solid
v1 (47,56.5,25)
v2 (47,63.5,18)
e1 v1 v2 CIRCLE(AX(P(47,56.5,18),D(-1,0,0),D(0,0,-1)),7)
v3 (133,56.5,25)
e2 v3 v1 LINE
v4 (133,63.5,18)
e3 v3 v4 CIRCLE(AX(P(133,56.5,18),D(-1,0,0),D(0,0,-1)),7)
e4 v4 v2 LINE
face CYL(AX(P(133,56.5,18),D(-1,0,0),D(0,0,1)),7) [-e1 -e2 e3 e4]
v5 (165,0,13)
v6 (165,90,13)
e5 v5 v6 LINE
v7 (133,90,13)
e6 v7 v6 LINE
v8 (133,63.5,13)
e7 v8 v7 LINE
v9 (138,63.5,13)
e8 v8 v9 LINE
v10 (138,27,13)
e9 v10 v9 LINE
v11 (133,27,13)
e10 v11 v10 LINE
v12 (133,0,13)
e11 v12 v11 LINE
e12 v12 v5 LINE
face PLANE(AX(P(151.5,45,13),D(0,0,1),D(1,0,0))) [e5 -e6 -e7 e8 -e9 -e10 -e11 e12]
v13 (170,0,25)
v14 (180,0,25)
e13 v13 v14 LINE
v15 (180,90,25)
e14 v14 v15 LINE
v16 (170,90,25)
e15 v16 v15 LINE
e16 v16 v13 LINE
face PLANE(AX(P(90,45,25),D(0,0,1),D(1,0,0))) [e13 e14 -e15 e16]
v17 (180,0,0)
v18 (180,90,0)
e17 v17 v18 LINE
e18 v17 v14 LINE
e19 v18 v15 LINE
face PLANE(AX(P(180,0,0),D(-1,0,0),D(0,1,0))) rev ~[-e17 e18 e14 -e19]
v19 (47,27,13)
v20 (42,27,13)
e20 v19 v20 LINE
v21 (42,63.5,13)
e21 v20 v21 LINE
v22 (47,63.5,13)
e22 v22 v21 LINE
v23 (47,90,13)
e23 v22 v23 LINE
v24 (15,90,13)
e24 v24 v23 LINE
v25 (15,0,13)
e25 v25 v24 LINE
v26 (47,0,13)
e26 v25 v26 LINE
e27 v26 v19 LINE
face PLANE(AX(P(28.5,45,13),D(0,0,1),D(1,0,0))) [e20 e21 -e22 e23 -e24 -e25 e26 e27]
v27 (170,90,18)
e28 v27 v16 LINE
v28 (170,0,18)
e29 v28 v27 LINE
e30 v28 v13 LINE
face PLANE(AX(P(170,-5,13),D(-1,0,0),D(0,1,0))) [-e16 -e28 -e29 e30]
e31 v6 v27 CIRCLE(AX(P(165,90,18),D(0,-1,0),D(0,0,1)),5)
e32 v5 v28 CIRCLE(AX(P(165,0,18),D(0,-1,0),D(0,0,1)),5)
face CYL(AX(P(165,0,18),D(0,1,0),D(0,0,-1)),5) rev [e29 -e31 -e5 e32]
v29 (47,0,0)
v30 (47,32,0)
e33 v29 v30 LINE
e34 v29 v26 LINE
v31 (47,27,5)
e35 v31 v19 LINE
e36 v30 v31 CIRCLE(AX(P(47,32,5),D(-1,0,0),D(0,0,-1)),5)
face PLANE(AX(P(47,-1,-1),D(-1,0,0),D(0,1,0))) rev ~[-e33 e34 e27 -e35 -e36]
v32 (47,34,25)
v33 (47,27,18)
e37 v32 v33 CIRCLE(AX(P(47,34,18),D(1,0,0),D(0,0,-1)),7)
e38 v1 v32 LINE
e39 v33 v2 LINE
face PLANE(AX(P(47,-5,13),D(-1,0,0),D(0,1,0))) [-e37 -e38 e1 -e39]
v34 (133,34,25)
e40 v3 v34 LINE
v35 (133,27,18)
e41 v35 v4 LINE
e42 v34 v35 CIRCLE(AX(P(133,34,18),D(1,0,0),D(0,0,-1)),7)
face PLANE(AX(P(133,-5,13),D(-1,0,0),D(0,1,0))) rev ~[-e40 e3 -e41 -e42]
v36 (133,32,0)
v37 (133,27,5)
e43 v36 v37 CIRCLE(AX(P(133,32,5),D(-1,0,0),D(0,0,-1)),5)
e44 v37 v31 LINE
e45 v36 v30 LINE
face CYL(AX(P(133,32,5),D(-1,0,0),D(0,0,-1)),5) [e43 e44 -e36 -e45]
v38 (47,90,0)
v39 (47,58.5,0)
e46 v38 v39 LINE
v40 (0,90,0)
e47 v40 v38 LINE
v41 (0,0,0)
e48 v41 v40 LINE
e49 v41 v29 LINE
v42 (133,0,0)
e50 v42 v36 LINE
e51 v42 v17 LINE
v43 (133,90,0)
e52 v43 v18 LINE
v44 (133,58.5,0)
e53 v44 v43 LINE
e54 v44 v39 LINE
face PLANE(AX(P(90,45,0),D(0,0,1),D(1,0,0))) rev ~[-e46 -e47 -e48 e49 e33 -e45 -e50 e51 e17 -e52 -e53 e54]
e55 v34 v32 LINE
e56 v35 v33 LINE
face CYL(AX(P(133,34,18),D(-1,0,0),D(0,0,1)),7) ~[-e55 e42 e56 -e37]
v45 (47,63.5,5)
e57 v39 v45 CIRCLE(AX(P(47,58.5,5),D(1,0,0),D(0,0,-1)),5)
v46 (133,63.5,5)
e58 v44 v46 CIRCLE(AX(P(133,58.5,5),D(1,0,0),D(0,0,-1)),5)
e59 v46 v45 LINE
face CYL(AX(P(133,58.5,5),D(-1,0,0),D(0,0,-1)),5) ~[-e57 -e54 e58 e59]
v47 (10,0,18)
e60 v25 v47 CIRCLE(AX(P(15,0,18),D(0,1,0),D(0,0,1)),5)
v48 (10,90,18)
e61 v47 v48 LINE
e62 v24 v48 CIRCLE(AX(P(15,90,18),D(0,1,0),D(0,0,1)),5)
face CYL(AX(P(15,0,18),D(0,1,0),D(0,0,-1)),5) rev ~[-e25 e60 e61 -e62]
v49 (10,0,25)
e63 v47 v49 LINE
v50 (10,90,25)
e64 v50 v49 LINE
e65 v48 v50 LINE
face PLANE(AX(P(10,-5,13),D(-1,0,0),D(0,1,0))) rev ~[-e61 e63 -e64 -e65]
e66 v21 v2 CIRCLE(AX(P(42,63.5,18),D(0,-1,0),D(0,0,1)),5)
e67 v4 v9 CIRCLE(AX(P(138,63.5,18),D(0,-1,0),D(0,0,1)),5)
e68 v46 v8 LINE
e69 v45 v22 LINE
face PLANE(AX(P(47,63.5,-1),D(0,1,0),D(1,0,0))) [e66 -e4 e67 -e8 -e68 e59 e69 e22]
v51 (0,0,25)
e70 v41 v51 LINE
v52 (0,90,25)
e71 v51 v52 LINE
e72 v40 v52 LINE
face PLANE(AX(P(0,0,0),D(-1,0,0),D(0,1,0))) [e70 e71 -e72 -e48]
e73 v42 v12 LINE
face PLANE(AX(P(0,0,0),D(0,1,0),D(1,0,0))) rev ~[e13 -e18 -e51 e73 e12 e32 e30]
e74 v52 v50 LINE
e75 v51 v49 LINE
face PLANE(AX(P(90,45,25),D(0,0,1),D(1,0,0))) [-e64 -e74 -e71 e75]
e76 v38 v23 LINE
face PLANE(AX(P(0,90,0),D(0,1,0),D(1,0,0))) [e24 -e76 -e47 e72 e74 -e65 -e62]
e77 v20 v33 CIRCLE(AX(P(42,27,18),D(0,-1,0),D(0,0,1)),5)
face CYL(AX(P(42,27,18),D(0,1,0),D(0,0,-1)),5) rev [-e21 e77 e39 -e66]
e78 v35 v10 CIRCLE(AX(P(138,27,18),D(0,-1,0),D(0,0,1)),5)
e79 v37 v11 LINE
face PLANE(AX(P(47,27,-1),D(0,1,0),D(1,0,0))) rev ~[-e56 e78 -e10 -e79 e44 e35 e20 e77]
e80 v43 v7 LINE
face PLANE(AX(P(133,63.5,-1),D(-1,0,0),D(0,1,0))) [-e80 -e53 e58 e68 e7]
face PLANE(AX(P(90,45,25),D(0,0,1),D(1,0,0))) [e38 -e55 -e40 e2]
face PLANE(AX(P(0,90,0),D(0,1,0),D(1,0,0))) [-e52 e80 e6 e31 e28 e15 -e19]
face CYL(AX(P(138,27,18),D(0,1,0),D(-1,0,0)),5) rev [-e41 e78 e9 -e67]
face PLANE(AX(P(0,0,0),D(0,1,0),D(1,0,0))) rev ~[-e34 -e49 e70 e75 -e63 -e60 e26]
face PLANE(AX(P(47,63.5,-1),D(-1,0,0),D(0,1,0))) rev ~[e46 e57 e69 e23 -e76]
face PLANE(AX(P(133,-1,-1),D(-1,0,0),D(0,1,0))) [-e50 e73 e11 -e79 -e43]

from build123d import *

# Parameters (mm, degrees)
BOX002_W     = 37
BOX002_H     = 100
BOX002_DEPTH = 30
BOX003_W     = 86
BOX003_H     = 28
BOX003_DEPTH = 42
BOX004_W     = 86
BOX004_H     = 27.5
BOX004_DEPTH = 42
BOX001_W     = 37
BOX001_H     = 100
BOX001_DEPTH = 30
BOX_W        = 180
BOX_H        = 90
BOX_DEPTH    = 25
FILLET_R     = 5
FILLET001_R  = 5
FILLET002_R  = 7


with BuildPart() as cube002:
    # Box002 → Box002 (new body)
    with BuildSketch(Plane(origin=(133, -5, 13), x_dir=(1, 0, 0), z_dir=(0, 0, 1))):
        with Locations((18.5, 50)):
            Rectangle(BOX002_W, BOX002_H)
    extrude(amount=BOX002_DEPTH)


with BuildPart() as cube003:
    # Box003 → Box003 (new body)
    with BuildSketch(Plane(origin=(47, -1, -1), x_dir=(1, 0, 0), z_dir=(0, 0, 1))):
        with Locations((43, 14)):
            Rectangle(BOX003_W, BOX003_H)
    extrude(amount=BOX003_DEPTH)


with BuildPart() as cube004:
    # Box004 → Box004 (new body)
    with BuildSketch(Plane(origin=(47, 63.5, -1), x_dir=(1, 0, 0), z_dir=(0, 0, 1))):
        with Locations((43, 13.75)):
            Rectangle(BOX004_W, BOX004_H)
    extrude(amount=BOX004_DEPTH)


with BuildPart() as fusion:
    # Box001 → Box001 (new body)
    with BuildSketch(Plane(origin=(10, -5, 13), x_dir=(1, 0, 0), z_dir=(0, 0, 1))):
        with Locations((18.5, 50)):
            Rectangle(BOX001_W, BOX001_H)
    extrude(amount=BOX001_DEPTH)

    # Fusion: union Cube002, Cube003, Cube004
    add(cube002.part)
    add(cube003.part)
    add(cube004.part)


with BuildPart() as fillet002:
    # Box → Box (new body)
    with BuildSketch(Plane.XY):
        with Locations((90, 45)):
            Rectangle(BOX_W, BOX_H)
    extrude(amount=BOX_DEPTH)

    # Cut: cut Fusion
    add(fusion.part, mode=Mode.SUBTRACT)

    # Fillet
    fillet_edges = [fillet002.edges().sort_by_distance(p)[0] for p in [
        (10, 45, 13),
        (47, 45.25, 13),
        (133, 45.25, 13),
        (170, 45, 13),
    ]]
    fillet(fillet_edges, radius=FILLET_R)

    # Fillet001
    fillet001_edges = [fillet002.edges().sort_by_distance(p)[0] for p in [
        (90, 63.5, 0),
        (90, 27, 0),
    ]]
    fillet(fillet001_edges, radius=FILLET001_R)

    # Fillet002
    fillet002_edges = [fillet002.edges().sort_by_distance(p)[0] for p in [
        (90, 27, 25),
        (90, 63.5, 25),
    ]]
    fillet(fillet002_edges, radius=FILLET002_R)


solid = fillet002.part
